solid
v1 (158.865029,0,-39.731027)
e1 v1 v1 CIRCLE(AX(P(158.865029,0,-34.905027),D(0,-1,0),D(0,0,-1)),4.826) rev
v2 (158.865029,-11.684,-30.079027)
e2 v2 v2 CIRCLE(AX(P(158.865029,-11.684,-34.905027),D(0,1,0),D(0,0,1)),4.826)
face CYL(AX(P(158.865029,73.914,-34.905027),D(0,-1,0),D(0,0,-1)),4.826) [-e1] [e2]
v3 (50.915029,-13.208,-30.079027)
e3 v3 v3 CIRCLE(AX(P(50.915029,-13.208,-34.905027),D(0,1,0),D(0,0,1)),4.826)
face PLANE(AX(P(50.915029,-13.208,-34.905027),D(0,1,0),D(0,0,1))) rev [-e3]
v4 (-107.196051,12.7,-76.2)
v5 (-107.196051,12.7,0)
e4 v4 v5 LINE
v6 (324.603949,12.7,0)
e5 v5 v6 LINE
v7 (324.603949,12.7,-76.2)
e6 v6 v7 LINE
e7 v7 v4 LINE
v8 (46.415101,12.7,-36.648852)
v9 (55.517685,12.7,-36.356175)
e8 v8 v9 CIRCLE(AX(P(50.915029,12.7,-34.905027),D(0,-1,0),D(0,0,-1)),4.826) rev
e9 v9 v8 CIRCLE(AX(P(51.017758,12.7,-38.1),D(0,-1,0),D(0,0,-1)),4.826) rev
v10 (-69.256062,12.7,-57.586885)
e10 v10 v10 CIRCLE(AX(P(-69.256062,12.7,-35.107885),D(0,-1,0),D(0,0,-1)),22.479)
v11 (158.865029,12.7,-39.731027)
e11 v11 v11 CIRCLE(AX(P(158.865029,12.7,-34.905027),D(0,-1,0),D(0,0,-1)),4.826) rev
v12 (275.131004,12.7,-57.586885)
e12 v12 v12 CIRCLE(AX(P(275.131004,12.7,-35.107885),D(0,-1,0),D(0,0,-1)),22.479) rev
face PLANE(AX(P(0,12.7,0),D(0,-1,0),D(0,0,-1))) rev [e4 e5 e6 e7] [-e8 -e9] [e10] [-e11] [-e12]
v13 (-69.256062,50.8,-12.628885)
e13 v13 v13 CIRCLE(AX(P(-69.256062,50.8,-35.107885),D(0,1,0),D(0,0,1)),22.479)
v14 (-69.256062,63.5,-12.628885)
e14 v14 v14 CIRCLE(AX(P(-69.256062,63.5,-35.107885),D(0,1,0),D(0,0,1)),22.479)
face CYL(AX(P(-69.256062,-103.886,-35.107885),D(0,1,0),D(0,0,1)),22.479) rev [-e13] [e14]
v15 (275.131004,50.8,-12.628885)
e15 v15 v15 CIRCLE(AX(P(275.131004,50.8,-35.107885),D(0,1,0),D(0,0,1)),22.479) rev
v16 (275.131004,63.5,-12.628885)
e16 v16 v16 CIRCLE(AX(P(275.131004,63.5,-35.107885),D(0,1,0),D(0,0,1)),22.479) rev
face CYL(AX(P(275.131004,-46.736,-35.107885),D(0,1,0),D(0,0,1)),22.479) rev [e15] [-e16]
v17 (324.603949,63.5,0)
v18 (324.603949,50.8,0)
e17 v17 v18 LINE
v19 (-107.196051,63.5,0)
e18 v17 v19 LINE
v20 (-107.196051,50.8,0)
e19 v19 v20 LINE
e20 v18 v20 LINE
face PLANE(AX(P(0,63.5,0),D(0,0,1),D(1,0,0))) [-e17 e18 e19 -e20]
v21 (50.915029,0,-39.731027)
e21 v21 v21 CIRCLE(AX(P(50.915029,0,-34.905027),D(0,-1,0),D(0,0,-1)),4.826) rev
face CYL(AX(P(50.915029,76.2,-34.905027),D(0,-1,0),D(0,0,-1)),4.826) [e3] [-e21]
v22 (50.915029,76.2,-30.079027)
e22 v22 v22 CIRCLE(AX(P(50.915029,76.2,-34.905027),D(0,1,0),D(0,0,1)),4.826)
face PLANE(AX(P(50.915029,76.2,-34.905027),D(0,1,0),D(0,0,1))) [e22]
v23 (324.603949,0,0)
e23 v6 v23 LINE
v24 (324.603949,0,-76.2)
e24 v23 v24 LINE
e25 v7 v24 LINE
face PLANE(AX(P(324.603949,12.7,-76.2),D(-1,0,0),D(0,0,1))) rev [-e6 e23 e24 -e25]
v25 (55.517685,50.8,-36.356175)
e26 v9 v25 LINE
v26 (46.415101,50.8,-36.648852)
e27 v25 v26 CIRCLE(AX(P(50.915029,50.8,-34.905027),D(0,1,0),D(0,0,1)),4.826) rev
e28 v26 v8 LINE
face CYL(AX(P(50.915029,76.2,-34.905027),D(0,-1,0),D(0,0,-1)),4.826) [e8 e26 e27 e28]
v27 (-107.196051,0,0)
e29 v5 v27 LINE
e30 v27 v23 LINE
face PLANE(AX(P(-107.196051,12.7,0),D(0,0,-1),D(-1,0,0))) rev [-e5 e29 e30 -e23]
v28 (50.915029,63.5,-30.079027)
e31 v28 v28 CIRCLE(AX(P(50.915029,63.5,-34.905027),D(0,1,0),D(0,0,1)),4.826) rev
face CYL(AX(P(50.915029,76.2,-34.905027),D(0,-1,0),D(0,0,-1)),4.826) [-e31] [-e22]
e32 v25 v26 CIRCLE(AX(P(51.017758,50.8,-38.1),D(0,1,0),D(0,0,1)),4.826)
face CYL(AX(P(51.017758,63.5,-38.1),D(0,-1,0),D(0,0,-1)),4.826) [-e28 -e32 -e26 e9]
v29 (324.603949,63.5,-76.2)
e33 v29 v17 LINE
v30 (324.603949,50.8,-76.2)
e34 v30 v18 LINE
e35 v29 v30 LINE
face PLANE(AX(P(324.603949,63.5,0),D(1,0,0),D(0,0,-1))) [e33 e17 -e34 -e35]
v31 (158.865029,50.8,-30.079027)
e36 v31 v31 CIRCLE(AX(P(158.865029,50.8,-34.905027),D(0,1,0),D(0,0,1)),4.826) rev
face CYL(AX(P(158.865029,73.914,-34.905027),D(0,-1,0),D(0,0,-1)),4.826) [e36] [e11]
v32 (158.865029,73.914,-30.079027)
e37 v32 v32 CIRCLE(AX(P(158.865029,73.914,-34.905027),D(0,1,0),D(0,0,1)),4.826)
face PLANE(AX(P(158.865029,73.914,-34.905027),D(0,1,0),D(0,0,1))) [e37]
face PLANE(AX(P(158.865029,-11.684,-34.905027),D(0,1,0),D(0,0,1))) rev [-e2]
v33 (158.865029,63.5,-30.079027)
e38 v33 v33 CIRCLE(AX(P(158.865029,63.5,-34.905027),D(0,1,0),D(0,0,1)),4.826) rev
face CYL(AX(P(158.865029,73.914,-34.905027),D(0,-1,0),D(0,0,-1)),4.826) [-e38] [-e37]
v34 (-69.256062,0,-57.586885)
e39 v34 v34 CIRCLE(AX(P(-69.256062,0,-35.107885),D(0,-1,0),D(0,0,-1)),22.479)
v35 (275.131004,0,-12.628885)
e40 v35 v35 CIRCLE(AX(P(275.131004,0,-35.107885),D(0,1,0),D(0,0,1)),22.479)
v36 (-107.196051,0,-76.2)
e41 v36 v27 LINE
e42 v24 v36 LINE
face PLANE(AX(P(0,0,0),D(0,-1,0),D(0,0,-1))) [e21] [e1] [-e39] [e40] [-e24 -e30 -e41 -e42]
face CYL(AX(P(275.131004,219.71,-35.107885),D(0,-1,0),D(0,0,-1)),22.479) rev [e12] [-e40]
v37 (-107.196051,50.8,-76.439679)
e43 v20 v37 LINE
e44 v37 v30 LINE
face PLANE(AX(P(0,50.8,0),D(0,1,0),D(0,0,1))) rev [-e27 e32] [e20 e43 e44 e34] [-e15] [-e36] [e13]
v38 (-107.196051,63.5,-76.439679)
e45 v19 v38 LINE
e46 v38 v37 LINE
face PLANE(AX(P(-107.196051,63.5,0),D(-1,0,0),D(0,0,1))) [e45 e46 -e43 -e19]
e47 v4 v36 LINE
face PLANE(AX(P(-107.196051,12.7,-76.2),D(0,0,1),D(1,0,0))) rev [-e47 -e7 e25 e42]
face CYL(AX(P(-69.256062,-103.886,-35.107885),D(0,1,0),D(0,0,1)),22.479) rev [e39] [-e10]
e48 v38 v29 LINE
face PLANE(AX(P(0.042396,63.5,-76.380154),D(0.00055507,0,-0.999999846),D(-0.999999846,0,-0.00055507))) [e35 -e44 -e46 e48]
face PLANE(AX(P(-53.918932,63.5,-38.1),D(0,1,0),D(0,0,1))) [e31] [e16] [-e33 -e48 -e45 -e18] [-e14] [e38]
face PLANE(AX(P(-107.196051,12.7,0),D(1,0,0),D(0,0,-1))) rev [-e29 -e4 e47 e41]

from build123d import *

# Parameters (mm, degrees)
CROQUIS1_W                   = 431.8
CROQUIS1_H                   = 76.2
SALIENTE_EXTRUIR2_DEPTH      = 12.7
CROQUIS3_R                   = 4.826
SALIENTE_EXTRUIR4_DEPTH      = 63.5
CROQUIS4_R                   = 22.479
CORTAR_EXTRUIR3_DEPTH        = 219.71
CROQUIS6_R                   = 22.479
CORTAR_EXTRUIR5_DEPTH        = 180.594
SALIENTE_EXTRUIR5_DEPTH      = 12.7
CROQUIS8_R                   = 22.479
CORTAR_EXTRUIR7_DEPTH        = 46.736
CORTAR_EXTRUIR7_DEPTH_BACK   = 115.062
CROQUIS9_R                   = 22.479
CORTAR_EXTRUIR8_DEPTH        = 153.162
CORTAR_EXTRUIR8_DEPTH_BACK   = 103.886
CROQUIS10_R                  = 4.826
SALIENTE_EXTRUIR6_DEPTH      = 10.414
SALIENTE_EXTRUIR6_DEPTH_BACK = 75.184
CROQUIS12_R                  = 4.826
SALIENTE_EXTRUIR7_DEPTH      = 76.2
SALIENTE_EXTRUIR7_DEPTH_BACK = 13.208


with BuildPart() as part:
    # Croquis1 → Saliente-Extruir2 (new body)
    with BuildSketch(Plane(origin=(0, 0, 0), x_dir=(1, 0, 0), z_dir=(0, 1, 0))):
        with Locations((108.703948782, 38.1)):
            Rectangle(CROQUIS1_W, CROQUIS1_H)
    extrude(amount=SALIENTE_EXTRUIR2_DEPTH)

    # Croquis3 → Saliente-Extruir4 (add)
    with BuildSketch(Plane(origin=(0, 0, 0), x_dir=(1, 0, 0), z_dir=(0, 1, 0))):
        with Locations((-53.918932068, 38.1)):
            Circle(CROQUIS3_R)
        with Locations((51.017757536, 38.1)):
            Circle(CROQUIS3_R)
    extrude(amount=SALIENTE_EXTRUIR4_DEPTH)

    # Croquis4 → Cortar-Extruir3 (cut)
    with BuildSketch(Plane(origin=(0, 0, 0), x_dir=(1, 0, 0), z_dir=(0, 1, 0))):
        with Locations((275.131003884, 35.107884956)):
            Circle(CROQUIS4_R)
    extrude(amount=CORTAR_EXTRUIR3_DEPTH, mode=Mode.SUBTRACT)

    # Croquis6 → Cortar-Extruir5 (cut)
    with BuildSketch(Plane(origin=(0, 0, 0), x_dir=(1, 0, 0), z_dir=(0, 1, 0))):
        with Locations((275.131003884, 35.107884956)):
            Circle(CROQUIS6_R)
    extrude(amount=CORTAR_EXTRUIR5_DEPTH, mode=Mode.SUBTRACT)

    # Croquis7 → Saliente-Extruir5 (add)
    with BuildSketch(Plane(origin=(0, 50.8, 0), x_dir=(1, 0, 0), z_dir=(0, 1, 0))):
        Polygon((-107.196051218, 0), (-107.196051218, 76.439679068), (324.603948782, 76.2), (324.603948782, 0), align=None)
    extrude(amount=SALIENTE_EXTRUIR5_DEPTH)

    # Croquis8 → Cortar-Extruir7 (cut, two sides)
    with BuildSketch(Plane.XZ) as cortar_extruir7_sk:
        with Locations((275.131003884, -35.107884956)):
            Circle(CROQUIS8_R)
    extrude(amount=CORTAR_EXTRUIR7_DEPTH, mode=Mode.SUBTRACT)
    extrude(cortar_extruir7_sk.sketch, amount=-CORTAR_EXTRUIR7_DEPTH_BACK, mode=Mode.SUBTRACT)

    # Croquis9 → Cortar-Extruir8 (cut, two sides)
    with BuildSketch(Plane(origin=(0, 0, 0), x_dir=(1, 0, 0), z_dir=(0, 1, 0))) as cortar_extruir8_sk:
        with Locations((-69.256061559, 35.107884956)):
            Circle(CROQUIS9_R)
    extrude(amount=CORTAR_EXTRUIR8_DEPTH, mode=Mode.SUBTRACT)
    extrude(cortar_extruir8_sk.sketch, amount=-CORTAR_EXTRUIR8_DEPTH_BACK, mode=Mode.SUBTRACT)

    # Croquis10 → Saliente-Extruir6 (add, two sides)
    with BuildSketch(Plane(origin=(0, 63.5, 0), x_dir=(1, 0, 0), z_dir=(0, 1, 0))) as saliente_extruir6_sk:
        with Locations((158.865028896, 34.905026744)):
            Circle(CROQUIS10_R)
    extrude(amount=SALIENTE_EXTRUIR6_DEPTH)
    extrude(saliente_extruir6_sk.sketch, amount=-SALIENTE_EXTRUIR6_DEPTH_BACK)

    # Croquis12 → Saliente-Extruir7 (add, two sides)
    with BuildSketch(Plane(origin=(0, 0, 0), x_dir=(1, 0, 0), z_dir=(0, 1, 0))) as saliente_extruir7_sk:
        with Locations((50.915028896, 34.905026744)):
            Circle(CROQUIS12_R)
    extrude(amount=SALIENTE_EXTRUIR7_DEPTH)
    extrude(saliente_extruir7_sk.sketch, amount=-SALIENTE_EXTRUIR7_DEPTH_BACK)


solid = part.part
